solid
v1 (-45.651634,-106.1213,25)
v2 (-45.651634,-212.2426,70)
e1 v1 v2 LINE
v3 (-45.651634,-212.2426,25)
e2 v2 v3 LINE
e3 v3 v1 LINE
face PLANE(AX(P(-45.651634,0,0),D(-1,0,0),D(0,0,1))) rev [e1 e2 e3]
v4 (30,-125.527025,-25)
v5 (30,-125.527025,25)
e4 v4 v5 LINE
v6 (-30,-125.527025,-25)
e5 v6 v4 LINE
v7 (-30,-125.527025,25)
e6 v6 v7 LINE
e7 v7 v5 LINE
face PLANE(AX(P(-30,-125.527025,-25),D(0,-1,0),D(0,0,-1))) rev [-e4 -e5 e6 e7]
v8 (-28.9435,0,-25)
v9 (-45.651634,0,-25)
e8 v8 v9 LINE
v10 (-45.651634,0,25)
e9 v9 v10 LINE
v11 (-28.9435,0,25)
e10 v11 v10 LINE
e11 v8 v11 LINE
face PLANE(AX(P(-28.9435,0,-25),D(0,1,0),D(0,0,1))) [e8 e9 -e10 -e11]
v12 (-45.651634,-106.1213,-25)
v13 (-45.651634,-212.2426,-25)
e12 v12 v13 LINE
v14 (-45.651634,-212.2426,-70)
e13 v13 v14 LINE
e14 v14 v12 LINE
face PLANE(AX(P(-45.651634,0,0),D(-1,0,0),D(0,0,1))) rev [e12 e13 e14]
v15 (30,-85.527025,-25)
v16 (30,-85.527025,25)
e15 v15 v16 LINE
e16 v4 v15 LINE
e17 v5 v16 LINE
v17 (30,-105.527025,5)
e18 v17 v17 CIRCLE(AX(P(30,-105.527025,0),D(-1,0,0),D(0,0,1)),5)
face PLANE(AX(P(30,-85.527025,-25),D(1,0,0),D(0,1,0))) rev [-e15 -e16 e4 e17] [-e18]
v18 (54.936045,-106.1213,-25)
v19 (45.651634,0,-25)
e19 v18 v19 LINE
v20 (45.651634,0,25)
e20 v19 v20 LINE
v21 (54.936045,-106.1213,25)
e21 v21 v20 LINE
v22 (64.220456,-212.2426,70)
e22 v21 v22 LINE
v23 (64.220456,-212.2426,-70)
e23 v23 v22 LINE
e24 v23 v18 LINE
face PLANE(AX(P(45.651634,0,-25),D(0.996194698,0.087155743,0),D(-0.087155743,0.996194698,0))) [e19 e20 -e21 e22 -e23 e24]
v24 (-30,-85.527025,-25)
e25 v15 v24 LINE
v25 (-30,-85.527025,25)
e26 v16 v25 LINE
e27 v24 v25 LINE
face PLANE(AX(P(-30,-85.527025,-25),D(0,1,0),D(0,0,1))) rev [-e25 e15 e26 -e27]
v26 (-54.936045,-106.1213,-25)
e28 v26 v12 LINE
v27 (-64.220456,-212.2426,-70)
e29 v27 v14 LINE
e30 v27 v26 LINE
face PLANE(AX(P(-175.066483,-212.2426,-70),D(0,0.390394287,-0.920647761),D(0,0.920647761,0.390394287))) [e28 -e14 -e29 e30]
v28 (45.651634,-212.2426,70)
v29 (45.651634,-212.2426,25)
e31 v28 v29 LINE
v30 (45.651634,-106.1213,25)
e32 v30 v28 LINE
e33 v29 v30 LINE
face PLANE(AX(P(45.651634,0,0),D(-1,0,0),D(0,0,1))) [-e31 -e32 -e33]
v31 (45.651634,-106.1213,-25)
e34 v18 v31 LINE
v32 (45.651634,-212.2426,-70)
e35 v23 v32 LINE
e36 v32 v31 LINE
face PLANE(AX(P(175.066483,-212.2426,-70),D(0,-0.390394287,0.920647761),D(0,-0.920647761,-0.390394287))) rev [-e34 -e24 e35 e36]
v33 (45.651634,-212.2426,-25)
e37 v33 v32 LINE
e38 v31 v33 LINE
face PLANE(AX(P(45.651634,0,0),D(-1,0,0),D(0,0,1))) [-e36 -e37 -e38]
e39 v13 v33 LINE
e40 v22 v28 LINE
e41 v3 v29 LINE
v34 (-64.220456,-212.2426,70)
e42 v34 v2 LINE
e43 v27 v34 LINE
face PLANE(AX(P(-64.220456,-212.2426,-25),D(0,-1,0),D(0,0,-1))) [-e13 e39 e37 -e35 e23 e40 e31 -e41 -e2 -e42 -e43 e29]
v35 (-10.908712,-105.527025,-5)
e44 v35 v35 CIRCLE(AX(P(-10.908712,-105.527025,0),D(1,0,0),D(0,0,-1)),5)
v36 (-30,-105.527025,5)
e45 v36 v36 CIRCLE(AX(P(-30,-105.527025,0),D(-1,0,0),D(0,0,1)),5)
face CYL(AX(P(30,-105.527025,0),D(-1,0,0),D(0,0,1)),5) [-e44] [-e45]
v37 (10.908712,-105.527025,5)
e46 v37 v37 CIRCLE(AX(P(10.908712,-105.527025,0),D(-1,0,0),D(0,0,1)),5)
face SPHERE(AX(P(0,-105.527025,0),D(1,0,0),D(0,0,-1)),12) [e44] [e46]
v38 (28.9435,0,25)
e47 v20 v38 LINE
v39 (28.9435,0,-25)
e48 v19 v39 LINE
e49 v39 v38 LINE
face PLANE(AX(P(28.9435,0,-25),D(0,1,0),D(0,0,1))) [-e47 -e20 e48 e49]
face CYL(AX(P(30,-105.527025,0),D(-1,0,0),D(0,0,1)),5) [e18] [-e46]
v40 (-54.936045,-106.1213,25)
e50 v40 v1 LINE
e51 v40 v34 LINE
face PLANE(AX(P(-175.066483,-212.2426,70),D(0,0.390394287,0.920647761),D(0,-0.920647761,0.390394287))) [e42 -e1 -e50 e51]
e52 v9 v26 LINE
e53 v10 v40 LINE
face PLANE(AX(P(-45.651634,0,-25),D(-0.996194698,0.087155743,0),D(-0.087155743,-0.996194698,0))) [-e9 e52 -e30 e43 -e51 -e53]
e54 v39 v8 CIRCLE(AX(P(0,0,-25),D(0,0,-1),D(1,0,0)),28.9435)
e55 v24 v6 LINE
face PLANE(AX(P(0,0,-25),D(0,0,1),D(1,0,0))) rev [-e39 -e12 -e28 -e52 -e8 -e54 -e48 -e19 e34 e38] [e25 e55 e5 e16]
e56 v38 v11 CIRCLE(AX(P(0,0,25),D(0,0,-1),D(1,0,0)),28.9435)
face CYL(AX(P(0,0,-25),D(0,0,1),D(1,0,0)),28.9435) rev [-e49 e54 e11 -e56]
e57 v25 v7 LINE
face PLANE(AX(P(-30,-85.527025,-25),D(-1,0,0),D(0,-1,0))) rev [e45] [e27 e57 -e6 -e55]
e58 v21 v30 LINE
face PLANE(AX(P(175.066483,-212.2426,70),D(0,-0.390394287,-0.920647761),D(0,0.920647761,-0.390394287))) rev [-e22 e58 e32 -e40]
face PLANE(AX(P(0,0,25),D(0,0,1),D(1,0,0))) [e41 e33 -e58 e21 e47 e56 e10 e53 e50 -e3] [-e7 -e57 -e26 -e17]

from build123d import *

# Parameters (mm, degrees)
BOSS_EXTRUDE1_DEPTH      = 25
BOSS_EXTRUDE1_DEPTH_BACK = 25
SKETCH2_W                = 60
SKETCH2_H                = 40
BOSS_EXTRUDE7_REACH      = 242.299
BOSS_EXTRUDE8_REACH      = 251.036
SWEEP3_PROFILE_R         = 5


with BuildPart() as part:
    # Sketch2 → Boss-Extrude1 (new, two sides: drawn at the far end of the back side and taken through both)
    with BuildSketch(Plane.XY.offset(-BOSS_EXTRUDE1_DEPTH_BACK)):
        with BuildLine():
            Line((-28.9435, 0), (-45.651634272, 0))
            Line((-45.651634272, 0), (-64.220455689, -212.2426))
            Line((-64.220455689, -212.2426), (64.220455689, -212.2426))
            Line((64.220455689, -212.2426), (45.651634272, 0))
            Line((45.651634272, 0), (28.9435, 0))
            ThreePointArc((28.9435, 0), (0, -28.9435), (-28.9435, 0))
        make_face()
        with Locations((0, -105.527024802)):
            Rectangle(SKETCH2_W, SKETCH2_H, mode=Mode.SUBTRACT)
    extrude(amount=BOSS_EXTRUDE1_DEPTH + BOSS_EXTRUDE1_DEPTH_BACK)

    # Boss-Extrude7: up to this plane
    boss_extrude7_end = Plane(origin=(-45.651634272, 0, -25), z_dir=(-0.9961946980917452, 0.08715574274766147, 0))
    # Sketch58 → Boss-Extrude7 (add, up to the surface)
    with BuildSketch(Plane(origin=(-45.651634272, 0, 0), x_dir=(0, 0, -1), z_dir=(1, 0, 0)), mode=Mode.PRIVATE) as boss_extrude7_sk1:
        Polygon((25, -106.1213), (25, -212.2426), (70, -212.2426), align=None)
    boss_extrude7_tool1 = split(extrude(boss_extrude7_sk1.sketch, amount=-BOSS_EXTRUDE7_REACH, mode=Mode.PRIVATE), bisect_by=boss_extrude7_end, keep=Keep.BOTH, mode=Mode.PRIVATE)
    add(boss_extrude7_tool1.solids().sort_by_distance((-45.651634, -176.868833, -40))[0])
    # Sketch58 → Boss-Extrude7 (add, up to the surface)
    with BuildSketch(Plane(origin=(-45.651634272, 0, 0), x_dir=(0, 0, -1), z_dir=(1, 0, 0)), mode=Mode.PRIVATE) as boss_extrude7_sk2:
        Polygon((-25, -212.2426), (-70, -212.2426), (-25, -106.1213), align=None)
    boss_extrude7_tool2 = split(extrude(boss_extrude7_sk2.sketch, amount=-BOSS_EXTRUDE7_REACH, mode=Mode.PRIVATE), bisect_by=boss_extrude7_end, keep=Keep.BOTH, mode=Mode.PRIVATE)
    add(boss_extrude7_tool2.solids().sort_by_distance((-45.651634, -176.868833, 40))[0])

    # Boss-Extrude8: up to this plane
    boss_extrude8_end = Plane(origin=(45.651634272, 0, -25), z_dir=(0.9961946980917452, 0.08715574274766147, 0))
    # Sketch59 → Boss-Extrude8 (add, up to the surface)
    with BuildSketch(Plane(origin=(45.651634272, 0, 0), x_dir=(0, 0, -1), z_dir=(1, 0, 0)), mode=Mode.PRIVATE) as boss_extrude8_sk1:
        Polygon((25, -106.1213), (25, -212.2426), (70, -212.2426), align=None)
    boss_extrude8_tool1 = split(extrude(boss_extrude8_sk1.sketch, amount=BOSS_EXTRUDE8_REACH, mode=Mode.PRIVATE), bisect_by=boss_extrude8_end, keep=Keep.BOTH, mode=Mode.PRIVATE)
    add(boss_extrude8_tool1.solids().sort_by_distance((45.651634, -176.868833, -40))[0])
    # Sketch59 → Boss-Extrude8 (add, up to the surface)
    with BuildSketch(Plane(origin=(45.651634272, 0, 0), x_dir=(0, 0, -1), z_dir=(1, 0, 0)), mode=Mode.PRIVATE) as boss_extrude8_sk2:
        Polygon((-25, -212.2426), (-70, -212.2426), (-25, -106.1213), align=None)
    boss_extrude8_tool2 = split(extrude(boss_extrude8_sk2.sketch, amount=BOSS_EXTRUDE8_REACH, mode=Mode.PRIVATE), bisect_by=boss_extrude8_end, keep=Keep.BOTH, mode=Mode.PRIVATE)
    add(boss_extrude8_tool2.solids().sort_by_distance((45.651634, -176.868833, 40))[0])



with BuildPart() as body_2:
    # Sketch60 → Revolve9 (revolve)
    with BuildSketch(Plane.XY):
        with BuildLine():
            Line((0, -117.527024802), (0, -93.527024802))
            ThreePointArc((0, -93.527024802), (-12, -105.527024802), (0, -117.527024802))
        make_face()
    revolve(axis=Axis((0, 0, 0), (0, -1, 0)))


with BuildPart() as part_1:
    add(part.part)

    add(body_2.part)  # Sweep3 merges body 2
    # Sweep3: sweep along a path in Sketch62
    with BuildLine(Plane.XY) as sweep3_path:
        Line((30, -105.527024802), (-30, -105.527024802))
    # Sweep3 profile (on start of the path) → Sweep3 (sweep)
    with BuildSketch(Plane(origin=(30, -105.527024802, 0), x_dir=(0, 0, -1), z_dir=(-1, 0, 0))):
        Circle(SWEEP3_PROFILE_R)
    sweep(path=sweep3_path.line)


solid = part_1.part
